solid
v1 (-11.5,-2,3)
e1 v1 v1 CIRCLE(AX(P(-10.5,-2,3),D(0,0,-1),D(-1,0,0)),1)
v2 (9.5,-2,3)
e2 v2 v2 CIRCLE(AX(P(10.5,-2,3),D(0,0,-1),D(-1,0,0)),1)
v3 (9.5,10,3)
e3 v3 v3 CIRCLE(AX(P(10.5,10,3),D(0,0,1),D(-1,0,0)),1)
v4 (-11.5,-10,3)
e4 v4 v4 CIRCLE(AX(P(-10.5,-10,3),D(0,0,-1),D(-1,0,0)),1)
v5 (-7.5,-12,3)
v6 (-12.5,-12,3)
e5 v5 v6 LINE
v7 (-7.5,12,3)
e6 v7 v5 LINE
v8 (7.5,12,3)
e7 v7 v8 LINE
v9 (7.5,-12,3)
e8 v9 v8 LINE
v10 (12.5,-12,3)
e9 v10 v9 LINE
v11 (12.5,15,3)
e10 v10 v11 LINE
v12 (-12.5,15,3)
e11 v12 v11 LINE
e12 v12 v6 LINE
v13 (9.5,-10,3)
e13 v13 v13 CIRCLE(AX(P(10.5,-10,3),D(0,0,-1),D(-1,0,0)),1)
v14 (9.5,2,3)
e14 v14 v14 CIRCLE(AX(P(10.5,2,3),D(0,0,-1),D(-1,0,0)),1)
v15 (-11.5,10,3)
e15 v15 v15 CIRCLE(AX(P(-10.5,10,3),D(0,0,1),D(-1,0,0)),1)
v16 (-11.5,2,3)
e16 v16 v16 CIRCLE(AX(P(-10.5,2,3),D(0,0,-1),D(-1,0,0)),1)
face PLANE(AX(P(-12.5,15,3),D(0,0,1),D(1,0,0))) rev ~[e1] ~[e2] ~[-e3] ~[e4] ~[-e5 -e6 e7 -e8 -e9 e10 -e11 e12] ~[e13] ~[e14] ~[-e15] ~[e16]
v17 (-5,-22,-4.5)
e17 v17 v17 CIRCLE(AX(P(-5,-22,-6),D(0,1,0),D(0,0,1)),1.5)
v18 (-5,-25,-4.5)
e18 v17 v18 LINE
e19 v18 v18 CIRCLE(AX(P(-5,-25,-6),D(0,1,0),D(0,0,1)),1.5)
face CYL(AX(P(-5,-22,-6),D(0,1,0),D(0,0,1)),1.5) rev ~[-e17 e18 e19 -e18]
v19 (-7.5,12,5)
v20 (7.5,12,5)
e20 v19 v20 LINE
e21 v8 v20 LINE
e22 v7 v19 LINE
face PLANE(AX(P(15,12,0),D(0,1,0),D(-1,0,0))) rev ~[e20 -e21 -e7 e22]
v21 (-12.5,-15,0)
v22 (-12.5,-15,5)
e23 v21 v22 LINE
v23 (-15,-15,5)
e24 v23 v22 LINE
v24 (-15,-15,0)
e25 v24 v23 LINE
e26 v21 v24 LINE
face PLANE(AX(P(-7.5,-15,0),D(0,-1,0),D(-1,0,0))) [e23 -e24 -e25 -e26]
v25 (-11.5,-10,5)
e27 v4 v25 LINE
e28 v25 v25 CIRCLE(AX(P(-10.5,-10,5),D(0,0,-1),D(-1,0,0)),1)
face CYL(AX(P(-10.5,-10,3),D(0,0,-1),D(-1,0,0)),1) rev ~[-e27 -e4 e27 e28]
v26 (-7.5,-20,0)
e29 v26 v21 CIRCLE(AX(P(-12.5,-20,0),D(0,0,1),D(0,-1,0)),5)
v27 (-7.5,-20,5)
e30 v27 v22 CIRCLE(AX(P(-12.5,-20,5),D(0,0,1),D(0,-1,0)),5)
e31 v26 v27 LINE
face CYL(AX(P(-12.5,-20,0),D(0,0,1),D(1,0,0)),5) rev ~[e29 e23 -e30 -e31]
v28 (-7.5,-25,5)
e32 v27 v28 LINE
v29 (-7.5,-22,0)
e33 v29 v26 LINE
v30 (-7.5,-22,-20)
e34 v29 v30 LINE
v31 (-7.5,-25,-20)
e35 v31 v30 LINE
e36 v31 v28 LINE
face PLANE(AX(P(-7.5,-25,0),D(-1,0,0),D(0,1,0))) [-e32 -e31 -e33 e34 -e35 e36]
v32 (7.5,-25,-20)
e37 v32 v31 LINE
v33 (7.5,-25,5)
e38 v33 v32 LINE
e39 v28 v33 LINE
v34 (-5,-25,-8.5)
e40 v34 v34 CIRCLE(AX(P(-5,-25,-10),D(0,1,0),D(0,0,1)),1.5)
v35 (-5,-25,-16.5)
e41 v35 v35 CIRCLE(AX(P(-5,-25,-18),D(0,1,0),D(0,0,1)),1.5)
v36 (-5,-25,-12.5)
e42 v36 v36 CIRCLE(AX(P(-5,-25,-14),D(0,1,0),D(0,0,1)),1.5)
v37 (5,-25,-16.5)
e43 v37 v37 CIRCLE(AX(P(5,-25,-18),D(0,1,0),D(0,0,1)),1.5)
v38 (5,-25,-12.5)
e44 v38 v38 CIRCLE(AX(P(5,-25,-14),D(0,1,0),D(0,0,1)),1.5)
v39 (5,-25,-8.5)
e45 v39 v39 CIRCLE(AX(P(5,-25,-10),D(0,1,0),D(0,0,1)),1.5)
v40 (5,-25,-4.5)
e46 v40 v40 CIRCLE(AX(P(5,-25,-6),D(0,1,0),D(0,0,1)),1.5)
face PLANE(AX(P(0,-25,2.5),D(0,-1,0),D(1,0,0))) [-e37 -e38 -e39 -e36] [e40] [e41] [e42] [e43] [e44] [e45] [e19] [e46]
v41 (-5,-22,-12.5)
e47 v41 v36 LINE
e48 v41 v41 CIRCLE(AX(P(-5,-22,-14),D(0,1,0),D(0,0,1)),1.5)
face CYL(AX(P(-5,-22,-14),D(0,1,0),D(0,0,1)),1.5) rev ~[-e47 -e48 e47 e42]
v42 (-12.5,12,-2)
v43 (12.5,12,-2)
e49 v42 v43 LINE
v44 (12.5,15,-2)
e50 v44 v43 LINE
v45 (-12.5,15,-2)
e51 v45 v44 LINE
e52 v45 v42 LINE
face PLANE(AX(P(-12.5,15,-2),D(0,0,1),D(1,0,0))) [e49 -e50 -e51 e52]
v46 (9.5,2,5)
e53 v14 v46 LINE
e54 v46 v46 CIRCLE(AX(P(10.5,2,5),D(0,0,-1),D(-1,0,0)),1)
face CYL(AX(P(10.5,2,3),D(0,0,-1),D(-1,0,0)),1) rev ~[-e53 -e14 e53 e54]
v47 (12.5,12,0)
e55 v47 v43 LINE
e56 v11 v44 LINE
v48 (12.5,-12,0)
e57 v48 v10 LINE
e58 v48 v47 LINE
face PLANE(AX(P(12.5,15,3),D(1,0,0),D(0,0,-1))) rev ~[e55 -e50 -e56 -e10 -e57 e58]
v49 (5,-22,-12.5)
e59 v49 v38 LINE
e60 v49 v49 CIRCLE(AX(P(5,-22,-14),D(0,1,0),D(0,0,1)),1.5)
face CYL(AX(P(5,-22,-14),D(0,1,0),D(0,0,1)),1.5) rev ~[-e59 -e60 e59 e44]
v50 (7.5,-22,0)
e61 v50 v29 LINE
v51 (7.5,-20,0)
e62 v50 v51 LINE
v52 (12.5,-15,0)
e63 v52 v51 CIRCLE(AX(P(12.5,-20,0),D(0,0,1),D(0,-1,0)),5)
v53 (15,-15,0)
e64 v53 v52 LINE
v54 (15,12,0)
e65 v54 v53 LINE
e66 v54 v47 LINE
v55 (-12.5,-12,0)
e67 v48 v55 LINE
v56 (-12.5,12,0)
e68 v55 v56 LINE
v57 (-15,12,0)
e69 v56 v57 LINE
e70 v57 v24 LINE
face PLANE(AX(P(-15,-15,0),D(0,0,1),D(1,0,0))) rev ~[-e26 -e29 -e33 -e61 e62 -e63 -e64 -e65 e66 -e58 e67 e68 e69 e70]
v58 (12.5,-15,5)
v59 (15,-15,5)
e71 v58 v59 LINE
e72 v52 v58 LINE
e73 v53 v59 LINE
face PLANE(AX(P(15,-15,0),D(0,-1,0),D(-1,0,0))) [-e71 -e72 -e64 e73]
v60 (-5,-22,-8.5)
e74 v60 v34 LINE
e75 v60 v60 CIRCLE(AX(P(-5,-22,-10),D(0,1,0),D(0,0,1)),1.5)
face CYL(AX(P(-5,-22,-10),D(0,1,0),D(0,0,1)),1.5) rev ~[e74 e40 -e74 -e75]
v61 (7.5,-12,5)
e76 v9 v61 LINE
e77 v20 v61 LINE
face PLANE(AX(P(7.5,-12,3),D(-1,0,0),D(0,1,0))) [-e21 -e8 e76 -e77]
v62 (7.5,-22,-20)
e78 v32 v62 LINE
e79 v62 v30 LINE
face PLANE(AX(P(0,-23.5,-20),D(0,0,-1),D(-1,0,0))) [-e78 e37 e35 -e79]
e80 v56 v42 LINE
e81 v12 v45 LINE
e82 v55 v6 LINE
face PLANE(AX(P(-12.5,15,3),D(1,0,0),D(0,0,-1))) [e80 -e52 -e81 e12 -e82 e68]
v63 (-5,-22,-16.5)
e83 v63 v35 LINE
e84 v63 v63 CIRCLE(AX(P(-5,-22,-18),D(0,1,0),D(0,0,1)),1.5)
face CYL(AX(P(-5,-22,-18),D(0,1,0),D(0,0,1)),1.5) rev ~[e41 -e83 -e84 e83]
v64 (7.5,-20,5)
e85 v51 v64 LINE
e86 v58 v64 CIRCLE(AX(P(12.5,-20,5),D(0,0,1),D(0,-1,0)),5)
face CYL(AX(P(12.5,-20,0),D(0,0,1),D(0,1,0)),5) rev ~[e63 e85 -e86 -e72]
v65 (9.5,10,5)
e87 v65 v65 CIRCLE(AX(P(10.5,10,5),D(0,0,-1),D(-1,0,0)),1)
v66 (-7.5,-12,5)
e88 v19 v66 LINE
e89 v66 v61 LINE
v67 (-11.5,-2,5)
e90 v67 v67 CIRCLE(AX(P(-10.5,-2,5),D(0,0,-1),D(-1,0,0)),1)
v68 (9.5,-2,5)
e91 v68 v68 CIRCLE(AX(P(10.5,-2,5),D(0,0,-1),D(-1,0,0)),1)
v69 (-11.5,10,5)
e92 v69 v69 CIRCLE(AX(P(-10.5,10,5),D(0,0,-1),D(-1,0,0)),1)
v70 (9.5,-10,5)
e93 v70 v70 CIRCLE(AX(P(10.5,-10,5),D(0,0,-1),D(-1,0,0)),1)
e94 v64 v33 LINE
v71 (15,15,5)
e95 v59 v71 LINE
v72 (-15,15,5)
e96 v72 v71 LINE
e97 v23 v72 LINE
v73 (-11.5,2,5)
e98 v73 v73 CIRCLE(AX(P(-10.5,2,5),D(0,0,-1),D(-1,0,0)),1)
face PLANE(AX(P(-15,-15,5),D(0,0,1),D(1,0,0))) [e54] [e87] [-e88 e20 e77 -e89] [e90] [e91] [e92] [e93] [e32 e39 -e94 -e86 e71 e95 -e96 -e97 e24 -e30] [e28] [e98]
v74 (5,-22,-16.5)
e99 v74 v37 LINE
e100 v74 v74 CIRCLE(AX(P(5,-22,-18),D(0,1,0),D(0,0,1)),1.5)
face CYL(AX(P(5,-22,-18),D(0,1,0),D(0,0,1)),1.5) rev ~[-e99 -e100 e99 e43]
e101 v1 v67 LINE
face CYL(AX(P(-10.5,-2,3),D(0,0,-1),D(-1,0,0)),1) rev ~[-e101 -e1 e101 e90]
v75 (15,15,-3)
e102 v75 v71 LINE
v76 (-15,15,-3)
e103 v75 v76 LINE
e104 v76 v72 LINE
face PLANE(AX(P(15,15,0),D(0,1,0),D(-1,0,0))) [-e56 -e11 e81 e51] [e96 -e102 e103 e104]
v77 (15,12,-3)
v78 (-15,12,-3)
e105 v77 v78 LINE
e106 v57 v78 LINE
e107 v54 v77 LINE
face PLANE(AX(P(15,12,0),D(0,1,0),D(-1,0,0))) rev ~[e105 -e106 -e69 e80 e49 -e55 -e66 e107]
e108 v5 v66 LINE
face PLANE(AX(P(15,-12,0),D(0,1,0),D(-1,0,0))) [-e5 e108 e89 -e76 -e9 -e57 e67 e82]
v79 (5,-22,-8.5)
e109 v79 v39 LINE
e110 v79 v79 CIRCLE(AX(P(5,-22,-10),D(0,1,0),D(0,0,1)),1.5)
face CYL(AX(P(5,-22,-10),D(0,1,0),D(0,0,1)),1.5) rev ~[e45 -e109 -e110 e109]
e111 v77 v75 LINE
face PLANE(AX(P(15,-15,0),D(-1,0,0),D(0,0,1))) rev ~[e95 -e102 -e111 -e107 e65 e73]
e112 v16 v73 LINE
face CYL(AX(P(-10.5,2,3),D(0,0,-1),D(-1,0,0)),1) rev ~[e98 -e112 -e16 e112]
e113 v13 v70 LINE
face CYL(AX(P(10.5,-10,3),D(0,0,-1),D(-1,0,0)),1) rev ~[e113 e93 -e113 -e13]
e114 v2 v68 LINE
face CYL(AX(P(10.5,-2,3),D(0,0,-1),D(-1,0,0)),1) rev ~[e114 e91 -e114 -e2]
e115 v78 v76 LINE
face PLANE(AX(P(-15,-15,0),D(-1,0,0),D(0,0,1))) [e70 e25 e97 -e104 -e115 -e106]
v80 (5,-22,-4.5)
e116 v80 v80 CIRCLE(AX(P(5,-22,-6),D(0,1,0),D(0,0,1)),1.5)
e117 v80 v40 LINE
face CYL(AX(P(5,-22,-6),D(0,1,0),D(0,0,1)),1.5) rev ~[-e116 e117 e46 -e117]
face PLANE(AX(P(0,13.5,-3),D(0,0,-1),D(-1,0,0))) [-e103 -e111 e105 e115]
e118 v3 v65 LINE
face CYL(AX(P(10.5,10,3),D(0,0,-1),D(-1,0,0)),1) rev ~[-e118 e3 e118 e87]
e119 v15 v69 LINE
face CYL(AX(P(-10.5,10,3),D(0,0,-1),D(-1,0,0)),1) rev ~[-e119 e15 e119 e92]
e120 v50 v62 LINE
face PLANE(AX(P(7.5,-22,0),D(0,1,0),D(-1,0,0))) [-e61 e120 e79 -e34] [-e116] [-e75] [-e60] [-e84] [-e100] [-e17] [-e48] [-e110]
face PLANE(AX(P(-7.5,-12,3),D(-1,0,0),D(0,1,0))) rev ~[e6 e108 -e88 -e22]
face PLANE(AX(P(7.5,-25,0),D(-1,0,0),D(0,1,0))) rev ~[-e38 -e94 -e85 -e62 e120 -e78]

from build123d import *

# Parameters (mm, degrees)
SKETCH1_W           = 30
SKETCH1_H           = 30
BOSS_EXTRUDE1_DEPTH = 5
SKETCH2_W           = 25
SKETCH2_H           = 24
CUT_EXTRUDE1_DEPTH  = 3
SKETCH3_W           = 15
SKETCH3_H           = 24
CUT_EXTRUDE2_DEPTH  = 22.424285286
SKETCH4_R           = 1
CUT_EXTRUDE3_DEPTH  = 22.424285286
SKETCH5_W           = 30
SKETCH5_H           = 3
BOSS_EXTRUDE2_DEPTH = 3
SKETCH6_R           = 1
CUT_EXTRUDE4_DEPTH  = 23.045407685
SKETCH7_W           = 25
SKETCH7_H           = 5
CUT_EXTRUDE5_DEPTH  = 4
SKETCH8_W           = 30
SKETCH8_H           = 3
CUT_EXTRUDE7_DEPTH  = 3
SKETCH9_W           = 30
SKETCH9_H           = 5
BOSS_EXTRUDE3_DEPTH = 10
SKETCH12_W          = 15
SKETCH12_H          = 3
BOSS_EXTRUDE5_DEPTH = 20
SKETCH13_W          = 7.5
SKETCH13_H          = 10
CUT_EXTRUDE9_DEPTH  = 36.355339059
SKETCH14_R          = 1.5
CUT_EXTRUDE10_DEPTH = 45.654227124
FILLET1_R           = 5
FILLET2_R           = 5


with BuildPart() as part:
    # Sketch1 → Boss-Extrude1 (new body)
    with BuildSketch(Plane.XY):
        Rectangle(SKETCH1_W, SKETCH1_H)
    extrude(amount=BOSS_EXTRUDE1_DEPTH)

    # Sketch2 → Cut-Extrude1 (cut)
    with BuildSketch(Plane(origin=(0, 0, 0), x_dir=(-1, 0, 0), z_dir=(0, 0, -1))):
        Rectangle(SKETCH2_W, SKETCH2_H)
    extrude(amount=-CUT_EXTRUDE1_DEPTH, mode=Mode.SUBTRACT)

    # Sketch3 → Cut-Extrude2 (cut, through all)
    with BuildSketch(Plane(origin=(0, 0, 3), x_dir=(-1, 0, 0), z_dir=(0, 0, -1))):
        Rectangle(SKETCH3_W, SKETCH3_H)
    extrude(amount=-CUT_EXTRUDE2_DEPTH, mode=Mode.SUBTRACT)

    # Sketch4 → Cut-Extrude3 (cut, through all)
    with BuildSketch(Plane(origin=(0, 0, 3), x_dir=(-1, 0, 0), z_dir=(0, 0, -1))):
        with Locations((10.5, 10)):
            Circle(SKETCH4_R)
        with Locations((10.5, -10)):
            Circle(SKETCH4_R)
        with Locations((-10.5, 10)):
            Circle(SKETCH4_R)
        with Locations((-10.5, -10)):
            Circle(SKETCH4_R)
    extrude(amount=-CUT_EXTRUDE3_DEPTH, mode=Mode.SUBTRACT)

    # Sketch5 → Boss-Extrude2 (add)
    with BuildSketch(Plane(origin=(0, 0, 0), x_dir=(-1, 0, 0), z_dir=(0, 0, -1))):
        with Locations((0, 13.5)):
            Rectangle(SKETCH5_W, SKETCH5_H)
        with Locations((0, -13.5)):
            Rectangle(SKETCH5_W, SKETCH5_H)
    extrude(amount=BOSS_EXTRUDE2_DEPTH)

    # Sketch6 → Cut-Extrude4 (cut, through all)
    with BuildSketch(Plane(origin=(0, 0, 3), x_dir=(-1, 0, 0), z_dir=(0, 0, -1))):
        with Locations((-10.5, 2)):
            Circle(SKETCH6_R)
        with Locations((-10.5, -2)):
            Circle(SKETCH6_R)
        with Locations((10.5, 2)):
            Circle(SKETCH6_R)
        with Locations((10.5, -2)):
            Circle(SKETCH6_R)
    extrude(amount=-CUT_EXTRUDE4_DEPTH, mode=Mode.SUBTRACT)

    # Sketch7 → Cut-Extrude5 (cut)
    with BuildSketch(Plane(origin=(0, 15, 0), x_dir=(1, 0, 0), z_dir=(0, 1, 0))):
        with Locations((0, -0.5)):
            Rectangle(SKETCH7_W, SKETCH7_H)
    extrude(amount=-CUT_EXTRUDE5_DEPTH, mode=Mode.SUBTRACT)

    # Sketch8 → Cut-Extrude7 (cut)
    with BuildSketch(Plane(origin=(0, 0, -3), x_dir=(-1, 0, 0), z_dir=(0, 0, -1))):
        with Locations((0, -13.5)):
            Rectangle(SKETCH8_W, SKETCH8_H)
    extrude(amount=-CUT_EXTRUDE7_DEPTH, mode=Mode.SUBTRACT)

    # Sketch9 → Boss-Extrude3 (add)
    with BuildSketch(Plane.XZ.offset(15)):
        with Locations((0, 2.5)):
            Rectangle(SKETCH9_W, SKETCH9_H)
    extrude(amount=BOSS_EXTRUDE3_DEPTH)

    # Sketch12 → Boss-Extrude5 (add)
    with BuildSketch(Plane(origin=(0, 0, 0), x_dir=(-1, 0, 0), z_dir=(0, 0, -1))):
        with Locations((0, -23.5)):
            Rectangle(SKETCH12_W, SKETCH12_H)
    extrude(amount=BOSS_EXTRUDE5_DEPTH)

    # Sketch13 → Cut-Extrude9 (cut, through all)
    with BuildSketch(Plane(origin=(0, 0, 0), x_dir=(-1, 0, 0), z_dir=(0, 0, -1))):
        with Locations((-11.25, -20)):
            Rectangle(SKETCH13_W, SKETCH13_H)
        with Locations((11.25, -20)):
            Rectangle(SKETCH13_W, SKETCH13_H)
    extrude(amount=-CUT_EXTRUDE9_DEPTH, mode=Mode.SUBTRACT)

    # Sketch14 → Cut-Extrude10 (cut, through all)
    with BuildSketch(Plane(origin=(0, -22, 0), x_dir=(1, 0, 0), z_dir=(0, 1, 0))):
        with Locations(Location((-5, 6, 0), (0, 0, 270))):
            Circle(SKETCH14_R)
        with Locations(Location((-5, 10, 0), (0, 0, 270))):
            Circle(SKETCH14_R)
        with Locations(Location((-5, 14, 0), (0, 0, 270))):
            Circle(SKETCH14_R)
        with Locations(Location((-5, 18, 0), (0, 0, 270))):
            Circle(SKETCH14_R)
        with Locations(Location((5, 6, 0), (0, 0, 270))):
            Circle(SKETCH14_R)
        with Locations(Location((5, 10, 0), (0, 0, 270))):
            Circle(SKETCH14_R)
        with Locations(Location((5, 14, 0), (0, 0, 270))):
            Circle(SKETCH14_R)
        with Locations(Location((5, 18, 0), (0, 0, 270))):
            Circle(SKETCH14_R)
    extrude(amount=-CUT_EXTRUDE10_DEPTH, mode=Mode.SUBTRACT)

    # Fillet1
    fillet1_edges = [part.edges().sort_by_distance(p)[0] for p in [
        (7.5, -15, 2.5),
    ]]
    fillet(fillet1_edges, radius=FILLET1_R)

    # Fillet2
    fillet2_edges = [part.edges().sort_by_distance(p)[0] for p in [
        (-7.5, -15, 2.5),
    ]]
    fillet(fillet2_edges, radius=FILLET2_R)


solid = part.part
